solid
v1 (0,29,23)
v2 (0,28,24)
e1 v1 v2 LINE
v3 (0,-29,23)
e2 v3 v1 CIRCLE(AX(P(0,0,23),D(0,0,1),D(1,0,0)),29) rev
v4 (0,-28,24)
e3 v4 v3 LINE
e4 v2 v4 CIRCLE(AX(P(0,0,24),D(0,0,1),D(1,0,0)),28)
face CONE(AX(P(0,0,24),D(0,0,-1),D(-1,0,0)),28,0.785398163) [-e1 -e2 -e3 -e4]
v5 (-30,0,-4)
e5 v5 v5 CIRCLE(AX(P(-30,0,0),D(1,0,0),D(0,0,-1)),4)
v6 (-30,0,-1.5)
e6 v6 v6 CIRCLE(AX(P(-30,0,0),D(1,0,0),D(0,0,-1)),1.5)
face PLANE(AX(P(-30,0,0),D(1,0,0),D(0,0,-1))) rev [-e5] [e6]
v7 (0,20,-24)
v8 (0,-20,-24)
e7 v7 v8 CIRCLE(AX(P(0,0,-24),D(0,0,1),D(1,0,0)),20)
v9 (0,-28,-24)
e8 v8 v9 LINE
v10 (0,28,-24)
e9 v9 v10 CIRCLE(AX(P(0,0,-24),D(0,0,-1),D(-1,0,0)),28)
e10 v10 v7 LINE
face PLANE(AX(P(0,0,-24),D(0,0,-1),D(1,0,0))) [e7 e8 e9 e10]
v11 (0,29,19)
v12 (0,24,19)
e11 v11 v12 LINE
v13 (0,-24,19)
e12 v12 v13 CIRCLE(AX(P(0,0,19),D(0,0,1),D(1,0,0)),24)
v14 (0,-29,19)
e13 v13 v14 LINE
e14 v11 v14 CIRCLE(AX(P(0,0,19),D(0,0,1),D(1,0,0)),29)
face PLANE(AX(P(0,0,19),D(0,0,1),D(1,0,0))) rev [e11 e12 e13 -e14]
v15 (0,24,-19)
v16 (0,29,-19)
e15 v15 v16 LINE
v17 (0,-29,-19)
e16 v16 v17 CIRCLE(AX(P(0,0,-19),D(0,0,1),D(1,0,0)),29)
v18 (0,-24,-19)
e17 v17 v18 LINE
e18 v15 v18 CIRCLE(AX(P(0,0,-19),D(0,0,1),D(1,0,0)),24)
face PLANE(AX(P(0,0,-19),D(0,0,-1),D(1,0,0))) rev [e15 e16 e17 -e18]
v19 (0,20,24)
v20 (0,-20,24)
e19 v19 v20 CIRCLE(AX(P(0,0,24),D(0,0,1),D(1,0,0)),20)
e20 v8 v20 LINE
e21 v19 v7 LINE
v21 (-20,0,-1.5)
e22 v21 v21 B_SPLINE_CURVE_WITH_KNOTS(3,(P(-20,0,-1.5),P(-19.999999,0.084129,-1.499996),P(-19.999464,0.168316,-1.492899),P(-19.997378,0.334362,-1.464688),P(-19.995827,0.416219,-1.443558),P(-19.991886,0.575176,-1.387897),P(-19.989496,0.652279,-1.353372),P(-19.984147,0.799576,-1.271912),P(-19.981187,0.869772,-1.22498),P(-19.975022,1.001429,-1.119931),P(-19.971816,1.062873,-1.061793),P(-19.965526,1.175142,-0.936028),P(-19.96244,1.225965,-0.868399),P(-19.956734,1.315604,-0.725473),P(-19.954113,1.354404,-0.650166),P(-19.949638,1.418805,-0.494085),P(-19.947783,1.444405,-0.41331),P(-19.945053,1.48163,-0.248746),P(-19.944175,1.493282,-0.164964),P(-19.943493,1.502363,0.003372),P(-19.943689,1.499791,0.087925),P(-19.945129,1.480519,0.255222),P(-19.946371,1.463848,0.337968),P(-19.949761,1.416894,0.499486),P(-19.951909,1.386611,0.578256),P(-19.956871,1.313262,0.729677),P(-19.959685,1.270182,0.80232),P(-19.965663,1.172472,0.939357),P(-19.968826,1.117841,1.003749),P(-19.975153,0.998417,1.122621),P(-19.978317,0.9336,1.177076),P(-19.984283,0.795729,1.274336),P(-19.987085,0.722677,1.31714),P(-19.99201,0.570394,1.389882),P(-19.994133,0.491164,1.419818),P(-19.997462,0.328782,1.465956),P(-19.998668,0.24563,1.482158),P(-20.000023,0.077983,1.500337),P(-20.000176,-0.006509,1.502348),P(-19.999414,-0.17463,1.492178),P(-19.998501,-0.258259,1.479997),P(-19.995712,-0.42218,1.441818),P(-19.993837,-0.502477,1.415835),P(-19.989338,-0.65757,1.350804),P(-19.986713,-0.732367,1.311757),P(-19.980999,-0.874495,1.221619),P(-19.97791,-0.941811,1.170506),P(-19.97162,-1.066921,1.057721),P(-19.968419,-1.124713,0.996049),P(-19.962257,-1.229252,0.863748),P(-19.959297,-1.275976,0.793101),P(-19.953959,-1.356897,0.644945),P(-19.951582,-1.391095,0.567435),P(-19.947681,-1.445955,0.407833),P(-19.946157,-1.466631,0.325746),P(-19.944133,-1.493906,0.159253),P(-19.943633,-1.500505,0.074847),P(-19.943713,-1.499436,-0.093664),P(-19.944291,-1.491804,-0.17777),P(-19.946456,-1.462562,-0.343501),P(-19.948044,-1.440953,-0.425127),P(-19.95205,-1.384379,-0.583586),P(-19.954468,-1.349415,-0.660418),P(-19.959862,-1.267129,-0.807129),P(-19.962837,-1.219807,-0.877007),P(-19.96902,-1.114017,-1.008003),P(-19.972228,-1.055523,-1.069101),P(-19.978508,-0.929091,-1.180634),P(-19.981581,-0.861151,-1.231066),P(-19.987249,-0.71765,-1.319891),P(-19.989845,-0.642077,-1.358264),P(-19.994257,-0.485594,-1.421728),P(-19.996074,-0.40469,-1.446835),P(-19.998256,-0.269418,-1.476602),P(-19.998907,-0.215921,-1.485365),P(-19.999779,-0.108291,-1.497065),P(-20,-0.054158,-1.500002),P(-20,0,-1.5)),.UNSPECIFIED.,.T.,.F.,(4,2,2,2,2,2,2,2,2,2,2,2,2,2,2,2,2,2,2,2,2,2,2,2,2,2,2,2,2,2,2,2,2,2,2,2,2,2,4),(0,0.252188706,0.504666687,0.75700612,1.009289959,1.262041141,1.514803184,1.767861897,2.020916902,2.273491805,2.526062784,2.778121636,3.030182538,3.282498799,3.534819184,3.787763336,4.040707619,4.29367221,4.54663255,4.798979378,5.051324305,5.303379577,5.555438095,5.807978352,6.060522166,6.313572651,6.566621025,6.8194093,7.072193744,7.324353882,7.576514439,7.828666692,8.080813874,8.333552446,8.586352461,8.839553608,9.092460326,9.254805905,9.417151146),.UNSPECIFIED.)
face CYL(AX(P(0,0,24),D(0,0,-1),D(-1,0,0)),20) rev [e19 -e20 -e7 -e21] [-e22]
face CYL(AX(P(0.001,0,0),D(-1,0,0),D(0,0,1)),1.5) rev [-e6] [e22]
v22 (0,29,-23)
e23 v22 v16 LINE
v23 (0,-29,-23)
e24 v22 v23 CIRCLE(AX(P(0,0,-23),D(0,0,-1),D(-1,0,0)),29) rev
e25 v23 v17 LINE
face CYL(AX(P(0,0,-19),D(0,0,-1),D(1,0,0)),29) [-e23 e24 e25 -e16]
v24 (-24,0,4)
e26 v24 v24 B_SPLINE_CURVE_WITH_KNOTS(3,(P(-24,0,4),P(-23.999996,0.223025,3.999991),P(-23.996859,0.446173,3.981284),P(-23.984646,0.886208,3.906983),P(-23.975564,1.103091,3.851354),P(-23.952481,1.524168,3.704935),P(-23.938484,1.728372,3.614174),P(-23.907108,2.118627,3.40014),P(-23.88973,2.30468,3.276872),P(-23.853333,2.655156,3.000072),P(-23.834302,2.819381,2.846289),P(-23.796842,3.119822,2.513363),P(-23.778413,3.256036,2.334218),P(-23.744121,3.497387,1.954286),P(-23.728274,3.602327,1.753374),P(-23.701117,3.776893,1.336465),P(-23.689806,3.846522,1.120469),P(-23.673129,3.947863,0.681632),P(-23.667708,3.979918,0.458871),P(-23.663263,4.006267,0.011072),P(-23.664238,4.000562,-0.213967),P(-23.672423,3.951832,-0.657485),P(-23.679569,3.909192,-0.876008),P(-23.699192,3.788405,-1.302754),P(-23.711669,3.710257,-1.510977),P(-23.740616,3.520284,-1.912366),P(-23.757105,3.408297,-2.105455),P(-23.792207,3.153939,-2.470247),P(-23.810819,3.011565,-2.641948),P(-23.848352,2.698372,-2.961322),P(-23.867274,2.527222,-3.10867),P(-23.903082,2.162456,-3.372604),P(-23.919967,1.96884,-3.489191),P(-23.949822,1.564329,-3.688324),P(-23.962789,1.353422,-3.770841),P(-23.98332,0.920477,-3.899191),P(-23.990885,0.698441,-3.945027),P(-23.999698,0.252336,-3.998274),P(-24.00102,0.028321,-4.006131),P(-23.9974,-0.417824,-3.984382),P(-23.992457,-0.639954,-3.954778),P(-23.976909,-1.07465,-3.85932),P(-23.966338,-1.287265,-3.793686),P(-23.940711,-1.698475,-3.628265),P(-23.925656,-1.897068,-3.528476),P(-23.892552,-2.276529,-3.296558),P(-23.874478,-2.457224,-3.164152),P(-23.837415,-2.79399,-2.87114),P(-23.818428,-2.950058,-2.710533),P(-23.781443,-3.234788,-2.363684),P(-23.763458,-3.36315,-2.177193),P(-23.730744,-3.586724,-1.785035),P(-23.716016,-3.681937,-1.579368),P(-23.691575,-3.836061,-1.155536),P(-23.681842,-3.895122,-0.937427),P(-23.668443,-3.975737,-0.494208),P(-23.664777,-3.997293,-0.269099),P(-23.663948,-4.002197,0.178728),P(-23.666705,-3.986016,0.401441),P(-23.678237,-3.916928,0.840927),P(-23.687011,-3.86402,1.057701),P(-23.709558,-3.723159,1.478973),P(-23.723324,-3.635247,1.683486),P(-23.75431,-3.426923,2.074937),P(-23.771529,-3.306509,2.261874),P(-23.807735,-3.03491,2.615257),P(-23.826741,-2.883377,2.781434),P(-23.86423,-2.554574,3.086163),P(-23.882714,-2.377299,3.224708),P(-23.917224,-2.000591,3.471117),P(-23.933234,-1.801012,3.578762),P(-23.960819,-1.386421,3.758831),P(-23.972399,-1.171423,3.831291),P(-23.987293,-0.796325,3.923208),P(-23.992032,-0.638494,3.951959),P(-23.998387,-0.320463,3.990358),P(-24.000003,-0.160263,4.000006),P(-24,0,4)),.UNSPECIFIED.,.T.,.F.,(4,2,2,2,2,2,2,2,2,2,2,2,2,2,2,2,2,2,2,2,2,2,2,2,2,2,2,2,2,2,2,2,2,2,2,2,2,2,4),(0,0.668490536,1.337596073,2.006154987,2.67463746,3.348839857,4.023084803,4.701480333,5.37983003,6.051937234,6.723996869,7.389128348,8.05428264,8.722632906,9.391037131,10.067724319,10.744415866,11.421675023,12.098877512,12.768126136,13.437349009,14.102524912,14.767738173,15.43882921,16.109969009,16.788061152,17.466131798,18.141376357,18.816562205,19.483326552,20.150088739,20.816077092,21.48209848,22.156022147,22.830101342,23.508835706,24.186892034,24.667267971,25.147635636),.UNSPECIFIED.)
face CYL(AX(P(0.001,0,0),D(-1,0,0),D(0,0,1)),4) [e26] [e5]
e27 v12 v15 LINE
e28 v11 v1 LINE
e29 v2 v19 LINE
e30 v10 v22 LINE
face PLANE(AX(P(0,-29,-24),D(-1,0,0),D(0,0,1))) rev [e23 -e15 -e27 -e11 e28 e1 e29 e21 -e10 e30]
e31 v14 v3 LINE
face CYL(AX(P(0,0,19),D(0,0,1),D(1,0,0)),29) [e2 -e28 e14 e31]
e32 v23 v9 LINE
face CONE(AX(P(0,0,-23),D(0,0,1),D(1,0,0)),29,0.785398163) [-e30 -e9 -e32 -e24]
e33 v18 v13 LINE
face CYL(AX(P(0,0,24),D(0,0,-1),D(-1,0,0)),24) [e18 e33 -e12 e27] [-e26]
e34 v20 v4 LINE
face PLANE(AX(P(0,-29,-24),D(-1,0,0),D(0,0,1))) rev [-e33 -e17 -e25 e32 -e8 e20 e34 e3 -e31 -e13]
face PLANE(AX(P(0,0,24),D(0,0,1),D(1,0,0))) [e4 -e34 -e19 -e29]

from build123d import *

# Parameters (mm, degrees)
SKETCH_1_R           = 24
SKETCH_1_R_2         = 20
EXTRUDE_1_DEPTH      = 24
EXTRUDE_START        = -5
SKETCH_2_R           = 29
SKETCH_2_R_2         = 24
EXTRUDE_2_DEPTH      = 5
SKETCH_5_W           = 29
SKETCH_5_H           = 58
CUT_EXTRUDE_1_DEPTH  = 64.134776471
CHAMFER_2_SIZE       = 1
EXTRUDE_3_REACH      = 79.518
EXTRUDE_3_END_RADIUS = 24
EXTRUDE_START_2      = -30
SKETCH_6_R           = 4
SKETCH_6_R_2         = 1.5
SKETCH_6_2_R         = 1.5
CUT_EXTRUDE_2_DEPTH  = 49.135226249


with BuildPart() as part:
    # Эскиз1 → Бобышка-Вытянуть1 (new body)
    with BuildSketch(Plane.XY):
        Circle(SKETCH_1_R)
        Circle(SKETCH_1_R_2, mode=Mode.SUBTRACT)
    extrude(amount=EXTRUDE_1_DEPTH)

    # Эскиз2 → Бобышка-Вытянуть2 (add)
    with BuildSketch(Plane.XY.offset(24).offset(EXTRUDE_START)):
        Circle(SKETCH_2_R)
        Circle(SKETCH_2_R_2, mode=Mode.SUBTRACT)
    extrude(amount=EXTRUDE_2_DEPTH)

    # Зеркальное отражение1: part across plane


with BuildPart() as part_1:
    add(part.part)
    add(part.part.mirror(Plane.XY))

    # Эскиз5 → Вырез-Вытянуть1 (cut, through all)
    with BuildSketch(Plane.XY.offset(24)):
        with Locations((14.5, 0)):
            Rectangle(SKETCH_5_W, SKETCH_5_H)
    extrude(amount=-CUT_EXTRUDE_1_DEPTH, mode=Mode.SUBTRACT)

    # Фаска2
    chamfer_2_edges = [part_1.edges().sort_by_distance(p)[0] for p in [
        (-29, 0, -24),
        (-29, 0, 24),
    ]]
    chamfer(chamfer_2_edges, length=CHAMFER_2_SIZE)

    # Бобышка-Вытянуть3: up to this cylinder (the profile starts outside it)
    extrude_3_end = Plane(origin=(0, 0, 3.886863), z_dir=(0, 0, -1)) * Cylinder(EXTRUDE_3_END_RADIUS, 208.036, mode=Mode.PRIVATE)
    # Эскиз6 → Бобышка-Вытянуть3 (add, up to the surface)
    with BuildSketch(Plane(origin=(0, 0, 0), x_dir=(0, 0, -1), z_dir=(1, 0, 0)).offset(EXTRUDE_START_2), mode=Mode.PRIVATE) as extrude_3_sk1:
        Circle(SKETCH_6_R)
        Circle(SKETCH_6_R_2, mode=Mode.SUBTRACT)
    extrude_3_tool1 = extrude(extrude_3_sk1.sketch, amount=EXTRUDE_3_REACH, mode=Mode.PRIVATE) - extrude_3_end
    add(extrude_3_tool1.solids().sort_by_distance((-30, 0, 3.886863))[0])

    # Эскиз6<2> → Вырез-Вытянуть2 (cut, through all)
    with BuildSketch(Plane(origin=(0, 0, 0), x_dir=(0, 0, -1), z_dir=(1, 0, 0))):
        Circle(SKETCH_6_2_R)
    extrude(amount=-CUT_EXTRUDE_2_DEPTH, mode=Mode.SUBTRACT)


solid = part_1.part
